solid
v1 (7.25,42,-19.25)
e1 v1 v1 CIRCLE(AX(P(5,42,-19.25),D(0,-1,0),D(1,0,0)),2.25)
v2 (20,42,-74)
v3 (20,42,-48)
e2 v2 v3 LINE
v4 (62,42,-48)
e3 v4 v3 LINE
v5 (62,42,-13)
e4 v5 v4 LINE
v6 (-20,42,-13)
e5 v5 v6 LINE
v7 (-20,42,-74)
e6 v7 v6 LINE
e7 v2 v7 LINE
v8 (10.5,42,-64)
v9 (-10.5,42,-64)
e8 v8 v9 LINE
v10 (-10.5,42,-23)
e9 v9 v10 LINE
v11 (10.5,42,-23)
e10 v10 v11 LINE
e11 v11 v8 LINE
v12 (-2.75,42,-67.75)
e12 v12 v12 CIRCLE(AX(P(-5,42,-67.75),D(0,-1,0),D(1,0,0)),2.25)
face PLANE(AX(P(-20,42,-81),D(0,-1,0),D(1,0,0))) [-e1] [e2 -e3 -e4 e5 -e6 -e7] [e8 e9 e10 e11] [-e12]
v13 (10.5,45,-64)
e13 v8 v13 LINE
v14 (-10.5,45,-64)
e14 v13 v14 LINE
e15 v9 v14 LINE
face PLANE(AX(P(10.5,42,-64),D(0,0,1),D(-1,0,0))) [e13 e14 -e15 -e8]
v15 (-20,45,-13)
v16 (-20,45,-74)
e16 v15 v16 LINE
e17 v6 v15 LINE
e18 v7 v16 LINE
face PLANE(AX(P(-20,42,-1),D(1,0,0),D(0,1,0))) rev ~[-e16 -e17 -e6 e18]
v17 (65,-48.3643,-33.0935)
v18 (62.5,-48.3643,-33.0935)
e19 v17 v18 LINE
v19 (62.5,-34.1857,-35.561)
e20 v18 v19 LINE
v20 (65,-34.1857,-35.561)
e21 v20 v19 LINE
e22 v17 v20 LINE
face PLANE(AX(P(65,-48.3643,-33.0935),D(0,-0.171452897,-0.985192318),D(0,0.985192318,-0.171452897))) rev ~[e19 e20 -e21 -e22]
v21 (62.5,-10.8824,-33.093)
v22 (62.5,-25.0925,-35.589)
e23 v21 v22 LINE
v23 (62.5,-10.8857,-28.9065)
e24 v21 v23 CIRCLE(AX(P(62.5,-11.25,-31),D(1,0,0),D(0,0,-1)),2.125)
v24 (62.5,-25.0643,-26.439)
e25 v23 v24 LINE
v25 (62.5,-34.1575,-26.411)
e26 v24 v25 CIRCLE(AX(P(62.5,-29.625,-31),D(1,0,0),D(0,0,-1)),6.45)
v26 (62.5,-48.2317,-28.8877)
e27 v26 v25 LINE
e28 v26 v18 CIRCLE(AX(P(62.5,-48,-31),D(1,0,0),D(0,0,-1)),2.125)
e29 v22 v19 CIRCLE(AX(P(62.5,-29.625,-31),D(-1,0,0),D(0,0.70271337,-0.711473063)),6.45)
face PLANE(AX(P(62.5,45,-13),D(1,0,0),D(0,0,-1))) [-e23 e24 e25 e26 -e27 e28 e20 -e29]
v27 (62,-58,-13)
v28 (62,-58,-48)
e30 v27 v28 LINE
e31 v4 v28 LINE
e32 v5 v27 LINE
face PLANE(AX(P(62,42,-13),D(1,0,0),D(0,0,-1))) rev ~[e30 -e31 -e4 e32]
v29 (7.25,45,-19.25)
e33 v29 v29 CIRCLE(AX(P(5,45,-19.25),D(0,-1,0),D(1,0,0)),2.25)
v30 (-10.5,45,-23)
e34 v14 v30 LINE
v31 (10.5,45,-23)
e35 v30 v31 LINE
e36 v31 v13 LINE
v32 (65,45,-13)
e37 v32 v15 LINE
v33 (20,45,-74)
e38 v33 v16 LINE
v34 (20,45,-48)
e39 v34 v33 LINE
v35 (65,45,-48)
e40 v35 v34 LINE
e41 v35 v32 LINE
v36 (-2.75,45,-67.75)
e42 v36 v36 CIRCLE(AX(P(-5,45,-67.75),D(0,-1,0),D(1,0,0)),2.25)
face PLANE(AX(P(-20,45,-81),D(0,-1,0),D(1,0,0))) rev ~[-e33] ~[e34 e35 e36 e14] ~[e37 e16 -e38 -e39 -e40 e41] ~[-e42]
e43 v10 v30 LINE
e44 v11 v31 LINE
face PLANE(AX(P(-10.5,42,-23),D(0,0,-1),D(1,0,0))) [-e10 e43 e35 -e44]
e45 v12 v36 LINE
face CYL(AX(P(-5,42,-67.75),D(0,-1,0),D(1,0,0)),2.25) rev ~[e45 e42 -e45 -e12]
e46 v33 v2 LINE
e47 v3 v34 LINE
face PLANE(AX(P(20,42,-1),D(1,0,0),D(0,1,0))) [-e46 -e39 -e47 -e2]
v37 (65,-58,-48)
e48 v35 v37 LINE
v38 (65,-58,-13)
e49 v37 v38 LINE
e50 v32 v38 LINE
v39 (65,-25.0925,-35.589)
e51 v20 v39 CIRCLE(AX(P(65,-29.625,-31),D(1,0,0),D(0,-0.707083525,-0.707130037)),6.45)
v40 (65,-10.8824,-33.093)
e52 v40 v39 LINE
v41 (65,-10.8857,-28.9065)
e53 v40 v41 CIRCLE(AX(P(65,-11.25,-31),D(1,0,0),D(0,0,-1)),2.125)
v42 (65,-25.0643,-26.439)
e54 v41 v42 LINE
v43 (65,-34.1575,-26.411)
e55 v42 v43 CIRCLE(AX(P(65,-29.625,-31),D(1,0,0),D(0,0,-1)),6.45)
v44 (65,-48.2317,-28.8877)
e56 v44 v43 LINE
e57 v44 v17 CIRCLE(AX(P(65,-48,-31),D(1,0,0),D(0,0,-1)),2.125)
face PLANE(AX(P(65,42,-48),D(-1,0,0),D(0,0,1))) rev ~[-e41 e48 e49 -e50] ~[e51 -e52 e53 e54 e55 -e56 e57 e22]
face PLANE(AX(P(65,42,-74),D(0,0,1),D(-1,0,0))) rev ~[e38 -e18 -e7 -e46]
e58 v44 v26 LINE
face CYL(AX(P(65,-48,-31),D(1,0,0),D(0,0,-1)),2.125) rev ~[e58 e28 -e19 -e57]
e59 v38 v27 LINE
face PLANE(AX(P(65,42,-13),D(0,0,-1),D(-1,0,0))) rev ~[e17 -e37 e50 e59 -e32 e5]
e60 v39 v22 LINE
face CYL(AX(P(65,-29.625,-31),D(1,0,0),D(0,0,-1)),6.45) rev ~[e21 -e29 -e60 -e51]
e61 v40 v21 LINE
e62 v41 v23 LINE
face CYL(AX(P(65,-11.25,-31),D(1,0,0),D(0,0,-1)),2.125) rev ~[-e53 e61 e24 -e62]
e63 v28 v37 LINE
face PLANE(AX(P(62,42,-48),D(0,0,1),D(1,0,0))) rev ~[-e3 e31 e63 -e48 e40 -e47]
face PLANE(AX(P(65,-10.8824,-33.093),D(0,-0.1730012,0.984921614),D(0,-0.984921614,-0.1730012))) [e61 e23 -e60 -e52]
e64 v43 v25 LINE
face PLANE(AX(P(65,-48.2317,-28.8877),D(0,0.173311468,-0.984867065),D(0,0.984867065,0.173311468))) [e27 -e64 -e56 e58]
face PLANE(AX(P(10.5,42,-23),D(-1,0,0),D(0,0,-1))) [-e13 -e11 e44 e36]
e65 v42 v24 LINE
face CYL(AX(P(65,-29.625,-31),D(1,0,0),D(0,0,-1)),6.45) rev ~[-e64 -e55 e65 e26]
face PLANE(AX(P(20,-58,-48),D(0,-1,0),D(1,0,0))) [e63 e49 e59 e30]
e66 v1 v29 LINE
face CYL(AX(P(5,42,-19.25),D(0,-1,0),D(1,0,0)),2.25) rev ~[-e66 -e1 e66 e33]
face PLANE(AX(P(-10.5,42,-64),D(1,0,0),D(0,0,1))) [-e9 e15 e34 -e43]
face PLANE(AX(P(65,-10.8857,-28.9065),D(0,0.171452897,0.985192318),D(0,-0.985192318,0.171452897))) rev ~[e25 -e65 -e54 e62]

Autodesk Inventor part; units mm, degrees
ref_plane "YZ Plane" through (0, 0, 0) normal (1, 0, 0) x (0, 1, 0)
ref_plane "XZ Plane" through (0, 0, 0) normal (0, 1, 0) x (-1, 0, 0)
ref_plane "XY Plane" through (0, 0, 0) normal (0, 0, 1) x (1, 0, 0)
sketch "Sketch1" plane through (0, 0, 0) normal (0, 0, 1) x (1, 0, 0)
  line L0 (-31, -31) -> (31, -31)
  line L1 (31, -31) -> (31, 31)
  line L2 (31, 31) -> (-31, 31)
  line L3 (-31, 31) -> (-31, -31)
  line L4 (-31, -31) -> (31, 31) construction
  line L5 (31, -31) -> (-31, 31) construction
  line L6 (-33, 33) -> (33, 33)
  line L7 (33, 33) -> (33, -33)
  line L8 (33, -33) -> (-33, -33)
  line L9 (-33, -33) -> (-33, 33)
  point P0 (0, 0)
  dimension "d0" = 62
  dimension "d1" = 62
  dimension "d2" = 2
extrude "Extrusion1" add sketch "Sketch1" along normal blind 2 contours L3 L2 L1 L0 | L6 L7 L8 L9
extrude "Extrusion2" add sketch "Sketch1" against normal blind 12
sketch "Sketch2" plane through (-33, 33, 2) normal (0, 1, 0) x (1, 0, 0)
  line L0 (13, 3) -> (53, 3)
  line L1 (53, 3) -> (53, 0)
  line L2 (53, 0) -> (13, 0)
  line L3 (13, 0) -> (13, 3)
  line L4 (0, 14) -> (0, 0) projected
  line L5 (0, 14) -> (66, 14) projected
  point P0 (33, 2)
  dimension "d7" = 40
  dimension "d8" = 3
  dimension "d9" = 13
  dimension "d10" = 11
extrude "Extrusion3" add sketch "Sketch2" along normal blind 12
sketch "Sketch3" plane through (20, 33, -1) normal (0, 0, -1) x (-1, 0, 0)
  line L0 (40, 12) -> (0, 12) projected
  line L1 (40, 0) -> (40, 12) projected
  line L2 (0, 12) -> (40, 12)
  line L3 (40, 12) -> (40, 9)
  line L4 (40, 9) -> (0, 9)
  line L5 (0, 9) -> (0, 12)
  point P0 (20, -33)
  dimension "d13" = 3
extrude "Extrusion4" add sketch "Sketch3" along normal blind 80
sketch "Sketch4" plane through (-20, 42, -1) normal (0, -1, 0) x (1, 0, 0)
  line L0 (30.5, -63) -> (9.5, -63)
  line L1 (9.5, -63) -> (9.5, -22)
  line L2 (9.5, -22) -> (30.5, -22)
  line L3 (30.5, -22) -> (30.5, -63)
  line L4 (40, 3) -> (40, -80) projected
  line L5 (0, 3) -> (40, 3) projected
  point P0 (20, 1)
  dimension "d16" = 21
  dimension "d17" = 41
  dimension "d18" = 9.5
  dimension "d19" = 25
extrude "Extrusion5" cut sketch "Sketch4" against normal blind 80
sketch "Sketch5" plane through (-20, 42, -1) normal (0, -1, 0) x (1, 0, 0)
  line L0 (30.5, -63) -> (9.5, -63) projected
  line L1 (30.5, -63) -> (9.5, -63)
  line L2 (9.5, -63) -> (9.5, -70)
  line L3 (9.5, -70) -> (30.5, -70)
  line L4 (30.5, -70) -> (30.5, -63)
  circle A0 centre (15, -66.75) radius 2.25
  line L5 (30.5, -22) -> (30.5, -63) projected
  line L6 (30.5, -22) -> (9.5, -22)
  line L7 (9.5, -22) -> (9.5, -15)
  line L8 (9.5, -15) -> (30.5, -15)
  line L9 (30.5, -15) -> (30.5, -22)
  circle A1 centre (25, -18.25) radius 2.25
  point P0 (20, 1)
  point P1 (15.4717, -69.81)
  point P2 (14.5283, -69.81)
  point P3 (24.5283, -15.19)
  point P4 (25.4717, -15.19)
  dimension "d22" = 7
  dimension "d23" = 4.5
  dimension "d24" = 3.75
  dimension "d25" = 5.5
  dimension "d26" = 7
  dimension "d27" = 4.5
  dimension "d28" = 5.5
  dimension "d29" = 3.75
extrude "Extrusion6" cut sketch "Sketch5" against normal blind 80 contours A0 | A1
sketch "Sketch6" plane through (-33, -33, 2) normal (0, -1, 0) x (1, 0, 0)
  line L0 (0, 0) -> (66, 0) projected
  line L1 (66, -14) -> (0, -14) projected
  line L2 (0, 0) -> (66, 0)
  line L3 (66, 0) -> (66, -14)
  line L4 (66, -14) -> (0, -14)
  line L5 (0, -14) -> (0, 0)
  point P0 (33, -2)
extrude "Extrusion7" cut sketch "Sketch6" against normal up to surface (75 mm away)
sketch "Sketch7" plane through (-20, 42, -81) normal (0, -1, 0) x (1, 0, 0)
  line L0 (40, 83) -> (40, 0) projected
  line L1 (40, 0) -> (85, 0)
  line L2 (85, 0) -> (85, 83)
  line L3 (85, 83) -> (40, 83)
  line L4 (40, 83) -> (40, 0)
  line L5 (85, 33) -> (40, 33)
  point P0 (20, 81)
  point P1 (40, 33)
  dimension "d34" = 45
  dimension "d35" = 83
  dimension "d36" = 50
extrude "Extrusion8" add sketch "Sketch7" against normal up to surface (3 mm away) contours L3 L2 L5 L0
sketch "Sketch8" plane through (-20, 42, -81) normal (0, -1, 0) x (1, 0, 0)
  line L0 (0, 83) -> (85, 83)
  line L1 (85, 83) -> (85, 0)
  line L2 (85, 0) -> (0, 0)
  line L3 (0, 0) -> (0, 83)
  line L4 (85, 7) -> (0, 7)
  line L5 (85, 33) -> (85, 83) projected
  line L6 (-12.2623, 85.093) -> (0, 83)
  line L7 (0, 83) -> (-11.5686, 87.0435)
  line L8 (-11.5686, 87.0435) -> (85, 70.5603)
  line L9 (0, 83) -> (100, 83)
  line L10 (100, 83) -> (100, 68)
  line L11 (100, 68) -> (0, 68)
  line L12 (0, 68) -> (0, 83)
  point P0 (20, 81)
  point P1 (0, 73.8499)
  point P2 (27.25, 61.75)
  point P3 (27.25, 61.75)
  point P4 (25.55, 64.81)
  point P5 (0, 68)
  point P6 (85, 68)
  dimension "d40" = 83
  dimension "d41" = 7
  dimension "d43" = 15
extrude "Extrusion9" cut sketch "Sketch8" against normal blind 10 contours L0 L8 L1 L11 L3 | L0 L1 L8 | L4 L1 L2 L3
sketch "Sketch9" plane through (20, 42, -48) normal (0, -1, 0) x (1, 0, 0)
  line L0 (45, 0) -> (45, 35) projected
  line L1 (0, 0) -> (45, 0) projected
  line L2 (45, 35) -> (42, 35)
  line L3 (42, 35) -> (42, 0)
  line L4 (42, 0) -> (45, 0)
  line L5 (45, 0) -> (45, 35)
  point P0 (-20, 48)
  dimension "d46" = 3
extrude "Extrusion10" add sketch "Sketch9" along normal blind 100
sketch "Sketch10" plane through (65, 45, -13) normal (1, 0, 0) x (0, 0, -1)
  circle A0 centre (18, -56.25) radius 2.125
  circle A1 centre (18, -93) radius 2.125
  circle A2 centre (18, -74.625) radius 6.45
  line L0 (20.093, -55.8824) -> (22.589, -70.0925)
  line L1 (15.9065, -55.8857) -> (13.439, -70.0643)
  line L2 (20.0935, -93.3643) -> (22.561, -79.1857)
  line L3 (15.8877, -93.2317) -> (13.411, -79.1575)
  line L4 (18, -56.25) -> (18, -74.625)
  line L5 (18, -74.625) -> (18, -93)
  line L6 (35, 0) -> (35, -103) projected
  line L7 (35, -103) -> (0, -103) projected
  point P0 (-13, -45)
  dimension "d49" = 4.25
  dimension "d50" = 4.25
  dimension "d51" = 12.9
  dimension "d52" = 9.15
  dimension "d53" = 9.15
  dimension "d54" = 41
  dimension "d57" = 17
  dimension "d58" = 10
extrude "Extrusion11" cut sketch "Sketch10" against normal blind 2.5
properties part number "pan_base_holder_v1"
